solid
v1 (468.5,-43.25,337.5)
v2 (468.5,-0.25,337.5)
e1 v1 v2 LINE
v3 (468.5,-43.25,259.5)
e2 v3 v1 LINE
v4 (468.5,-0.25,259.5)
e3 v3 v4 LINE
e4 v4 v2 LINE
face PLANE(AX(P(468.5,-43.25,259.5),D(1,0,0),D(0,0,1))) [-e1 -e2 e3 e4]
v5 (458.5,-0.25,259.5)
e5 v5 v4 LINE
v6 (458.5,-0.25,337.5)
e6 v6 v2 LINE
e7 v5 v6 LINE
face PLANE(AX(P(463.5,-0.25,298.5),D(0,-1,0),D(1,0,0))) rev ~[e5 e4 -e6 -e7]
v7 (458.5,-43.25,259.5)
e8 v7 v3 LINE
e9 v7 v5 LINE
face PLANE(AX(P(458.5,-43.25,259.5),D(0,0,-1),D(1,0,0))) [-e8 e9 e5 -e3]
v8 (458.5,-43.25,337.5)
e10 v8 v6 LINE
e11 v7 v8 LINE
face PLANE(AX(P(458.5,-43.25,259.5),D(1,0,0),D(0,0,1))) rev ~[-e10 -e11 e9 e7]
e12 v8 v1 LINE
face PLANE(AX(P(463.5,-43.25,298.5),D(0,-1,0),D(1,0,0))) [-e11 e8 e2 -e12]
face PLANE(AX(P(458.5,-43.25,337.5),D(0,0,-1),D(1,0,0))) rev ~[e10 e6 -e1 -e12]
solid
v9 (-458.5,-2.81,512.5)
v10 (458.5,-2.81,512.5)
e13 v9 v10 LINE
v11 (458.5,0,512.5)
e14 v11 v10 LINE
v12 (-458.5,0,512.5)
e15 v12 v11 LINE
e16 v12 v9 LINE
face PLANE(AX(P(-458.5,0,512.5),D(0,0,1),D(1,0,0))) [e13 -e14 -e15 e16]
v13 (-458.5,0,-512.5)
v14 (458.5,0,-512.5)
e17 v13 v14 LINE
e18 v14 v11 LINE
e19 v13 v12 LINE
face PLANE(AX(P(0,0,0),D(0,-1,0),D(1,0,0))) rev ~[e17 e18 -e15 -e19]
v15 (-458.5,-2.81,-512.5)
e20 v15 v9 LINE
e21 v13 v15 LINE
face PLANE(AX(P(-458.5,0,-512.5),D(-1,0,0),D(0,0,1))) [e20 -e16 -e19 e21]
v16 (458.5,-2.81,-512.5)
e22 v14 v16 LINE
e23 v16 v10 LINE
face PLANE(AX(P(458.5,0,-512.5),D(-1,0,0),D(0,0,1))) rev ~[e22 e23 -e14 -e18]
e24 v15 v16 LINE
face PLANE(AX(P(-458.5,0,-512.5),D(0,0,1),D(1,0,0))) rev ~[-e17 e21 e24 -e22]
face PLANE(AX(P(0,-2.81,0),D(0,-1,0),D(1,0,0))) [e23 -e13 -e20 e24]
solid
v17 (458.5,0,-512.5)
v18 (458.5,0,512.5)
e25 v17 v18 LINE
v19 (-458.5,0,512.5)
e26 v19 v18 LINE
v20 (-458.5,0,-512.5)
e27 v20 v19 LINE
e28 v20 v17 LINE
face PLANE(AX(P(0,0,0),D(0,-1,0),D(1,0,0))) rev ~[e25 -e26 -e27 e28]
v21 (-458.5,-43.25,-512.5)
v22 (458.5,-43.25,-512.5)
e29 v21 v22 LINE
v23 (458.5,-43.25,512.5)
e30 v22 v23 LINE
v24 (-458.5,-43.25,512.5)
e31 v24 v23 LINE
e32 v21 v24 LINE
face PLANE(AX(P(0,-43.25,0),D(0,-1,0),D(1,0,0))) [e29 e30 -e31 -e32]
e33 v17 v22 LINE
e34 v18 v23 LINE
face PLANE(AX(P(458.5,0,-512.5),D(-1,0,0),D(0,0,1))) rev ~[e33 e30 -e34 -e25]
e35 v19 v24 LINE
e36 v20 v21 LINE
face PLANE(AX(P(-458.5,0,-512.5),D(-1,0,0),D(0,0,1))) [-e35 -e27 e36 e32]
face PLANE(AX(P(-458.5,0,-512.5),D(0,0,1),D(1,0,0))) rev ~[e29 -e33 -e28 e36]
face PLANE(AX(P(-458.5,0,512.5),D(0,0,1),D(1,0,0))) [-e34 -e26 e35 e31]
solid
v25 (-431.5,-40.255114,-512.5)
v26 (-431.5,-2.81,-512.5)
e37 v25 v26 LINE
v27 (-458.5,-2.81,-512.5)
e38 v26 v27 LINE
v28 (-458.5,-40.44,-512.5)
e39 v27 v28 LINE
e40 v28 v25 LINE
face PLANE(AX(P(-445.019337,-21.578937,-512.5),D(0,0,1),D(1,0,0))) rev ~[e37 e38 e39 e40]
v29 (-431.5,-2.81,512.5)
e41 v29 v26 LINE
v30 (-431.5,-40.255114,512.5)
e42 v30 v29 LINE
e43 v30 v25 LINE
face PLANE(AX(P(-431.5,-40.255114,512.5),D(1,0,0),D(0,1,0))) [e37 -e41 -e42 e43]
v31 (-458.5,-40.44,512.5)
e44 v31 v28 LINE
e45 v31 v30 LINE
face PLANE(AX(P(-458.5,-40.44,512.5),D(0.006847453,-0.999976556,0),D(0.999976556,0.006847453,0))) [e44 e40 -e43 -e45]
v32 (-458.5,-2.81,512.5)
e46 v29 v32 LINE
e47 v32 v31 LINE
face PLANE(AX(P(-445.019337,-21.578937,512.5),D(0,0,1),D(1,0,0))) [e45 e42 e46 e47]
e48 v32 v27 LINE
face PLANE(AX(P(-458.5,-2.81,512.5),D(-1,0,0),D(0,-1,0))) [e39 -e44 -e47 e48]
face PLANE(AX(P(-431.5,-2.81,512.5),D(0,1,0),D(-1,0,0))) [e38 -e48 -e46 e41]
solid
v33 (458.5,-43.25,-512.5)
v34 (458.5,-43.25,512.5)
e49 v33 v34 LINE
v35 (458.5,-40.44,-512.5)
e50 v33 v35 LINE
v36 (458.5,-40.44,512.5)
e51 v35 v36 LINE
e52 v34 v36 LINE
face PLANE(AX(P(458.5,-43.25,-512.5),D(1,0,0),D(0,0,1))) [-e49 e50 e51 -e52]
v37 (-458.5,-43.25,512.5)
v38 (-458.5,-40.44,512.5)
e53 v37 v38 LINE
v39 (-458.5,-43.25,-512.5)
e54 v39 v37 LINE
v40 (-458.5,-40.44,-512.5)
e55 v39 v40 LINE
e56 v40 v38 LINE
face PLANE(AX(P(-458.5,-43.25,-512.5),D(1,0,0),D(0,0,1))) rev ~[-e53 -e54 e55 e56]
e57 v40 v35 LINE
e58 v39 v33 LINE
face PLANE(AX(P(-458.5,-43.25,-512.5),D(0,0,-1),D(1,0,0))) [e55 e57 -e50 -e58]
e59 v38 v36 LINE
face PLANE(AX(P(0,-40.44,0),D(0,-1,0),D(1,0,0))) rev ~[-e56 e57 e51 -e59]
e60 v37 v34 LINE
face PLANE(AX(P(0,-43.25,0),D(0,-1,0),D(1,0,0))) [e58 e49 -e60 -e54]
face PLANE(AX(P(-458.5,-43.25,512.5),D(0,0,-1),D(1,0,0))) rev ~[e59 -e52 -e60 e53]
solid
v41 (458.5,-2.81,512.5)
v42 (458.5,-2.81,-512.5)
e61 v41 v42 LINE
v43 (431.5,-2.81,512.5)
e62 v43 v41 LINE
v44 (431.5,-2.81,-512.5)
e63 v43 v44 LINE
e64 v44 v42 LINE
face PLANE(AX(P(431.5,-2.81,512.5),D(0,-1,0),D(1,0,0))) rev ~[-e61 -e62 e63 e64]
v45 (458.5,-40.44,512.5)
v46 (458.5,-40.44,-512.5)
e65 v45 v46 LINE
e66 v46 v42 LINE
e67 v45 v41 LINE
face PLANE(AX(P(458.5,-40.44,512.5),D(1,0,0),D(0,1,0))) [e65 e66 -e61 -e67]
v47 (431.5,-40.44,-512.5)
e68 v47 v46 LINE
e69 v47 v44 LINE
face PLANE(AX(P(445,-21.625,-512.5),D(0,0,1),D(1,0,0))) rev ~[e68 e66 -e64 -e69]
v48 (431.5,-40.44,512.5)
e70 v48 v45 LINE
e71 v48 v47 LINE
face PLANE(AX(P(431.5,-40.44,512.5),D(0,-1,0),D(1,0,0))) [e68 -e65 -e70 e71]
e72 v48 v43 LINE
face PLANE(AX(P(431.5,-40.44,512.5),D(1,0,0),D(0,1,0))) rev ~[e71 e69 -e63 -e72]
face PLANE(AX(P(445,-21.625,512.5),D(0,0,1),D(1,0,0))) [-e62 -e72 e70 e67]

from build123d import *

# Parameters (mm, degrees)
F0_W     = 917
F0_H     = 1025
F1_DEPTH = 43.25
F2_DEPTH = 2.81
F3_DEPTH = 2.81
F4_W     = 10
F4_H     = 78
F5_DEPTH = 43
F7_DEPTH = 1025
F6_W     = 27
F6_H     = 37.63


with BuildPart() as f1:
    # F0 (on Front) → F1 (new body)
    with BuildSketch(Plane.XZ):
        Rectangle(F0_W, F0_H)
    extrude(amount=F1_DEPTH)


with BuildPart() as f2:
    # F2 (new): a face of the model
    f2_faces = [f1.part.faces().sort_by_distance(p)[0] for p in [
        (0, -43.25, 0),
    ]]
    extrude(f2_faces, amount=-F2_DEPTH)


with BuildPart() as f3:
    # F3 (new): a face of the model
    f3_faces = [f1.part.faces().sort_by_distance(p)[0] for p in [
        (0, 0, 0),
    ]]
    extrude(f3_faces, amount=-F3_DEPTH)


with BuildPart() as f5:
    # F4 (on face) → F5 (new body)
    with BuildSketch(Plane.XZ.offset(43.25)):
        with Locations((463.5, 298.5)):
            Rectangle(F4_W, F4_H)
    extrude(amount=-F5_DEPTH)


with BuildPart() as f7:
    # F6 (on face) → F7 (new body, through all)
    with BuildSketch(Plane.XY.offset(512.5)):
        Polygon((-458.5, -2.81), (-458.5, -40.44), (-431.5, -40.2551144361), (-431.5, -2.81), align=None)
    extrude(amount=-F7_DEPTH)


with BuildPart() as f7b:
    # F6 (on face) → F7, piece 2 (new body, through all)
    with BuildSketch(Plane.XY.offset(512.5)):
        with Locations((445, -21.625)):
            Rectangle(F6_W, F6_H)
    extrude(amount=-F7_DEPTH)


solid = Compound([f1.part, f2.part, f3.part, f5.part, f7.part, f7b.part])
